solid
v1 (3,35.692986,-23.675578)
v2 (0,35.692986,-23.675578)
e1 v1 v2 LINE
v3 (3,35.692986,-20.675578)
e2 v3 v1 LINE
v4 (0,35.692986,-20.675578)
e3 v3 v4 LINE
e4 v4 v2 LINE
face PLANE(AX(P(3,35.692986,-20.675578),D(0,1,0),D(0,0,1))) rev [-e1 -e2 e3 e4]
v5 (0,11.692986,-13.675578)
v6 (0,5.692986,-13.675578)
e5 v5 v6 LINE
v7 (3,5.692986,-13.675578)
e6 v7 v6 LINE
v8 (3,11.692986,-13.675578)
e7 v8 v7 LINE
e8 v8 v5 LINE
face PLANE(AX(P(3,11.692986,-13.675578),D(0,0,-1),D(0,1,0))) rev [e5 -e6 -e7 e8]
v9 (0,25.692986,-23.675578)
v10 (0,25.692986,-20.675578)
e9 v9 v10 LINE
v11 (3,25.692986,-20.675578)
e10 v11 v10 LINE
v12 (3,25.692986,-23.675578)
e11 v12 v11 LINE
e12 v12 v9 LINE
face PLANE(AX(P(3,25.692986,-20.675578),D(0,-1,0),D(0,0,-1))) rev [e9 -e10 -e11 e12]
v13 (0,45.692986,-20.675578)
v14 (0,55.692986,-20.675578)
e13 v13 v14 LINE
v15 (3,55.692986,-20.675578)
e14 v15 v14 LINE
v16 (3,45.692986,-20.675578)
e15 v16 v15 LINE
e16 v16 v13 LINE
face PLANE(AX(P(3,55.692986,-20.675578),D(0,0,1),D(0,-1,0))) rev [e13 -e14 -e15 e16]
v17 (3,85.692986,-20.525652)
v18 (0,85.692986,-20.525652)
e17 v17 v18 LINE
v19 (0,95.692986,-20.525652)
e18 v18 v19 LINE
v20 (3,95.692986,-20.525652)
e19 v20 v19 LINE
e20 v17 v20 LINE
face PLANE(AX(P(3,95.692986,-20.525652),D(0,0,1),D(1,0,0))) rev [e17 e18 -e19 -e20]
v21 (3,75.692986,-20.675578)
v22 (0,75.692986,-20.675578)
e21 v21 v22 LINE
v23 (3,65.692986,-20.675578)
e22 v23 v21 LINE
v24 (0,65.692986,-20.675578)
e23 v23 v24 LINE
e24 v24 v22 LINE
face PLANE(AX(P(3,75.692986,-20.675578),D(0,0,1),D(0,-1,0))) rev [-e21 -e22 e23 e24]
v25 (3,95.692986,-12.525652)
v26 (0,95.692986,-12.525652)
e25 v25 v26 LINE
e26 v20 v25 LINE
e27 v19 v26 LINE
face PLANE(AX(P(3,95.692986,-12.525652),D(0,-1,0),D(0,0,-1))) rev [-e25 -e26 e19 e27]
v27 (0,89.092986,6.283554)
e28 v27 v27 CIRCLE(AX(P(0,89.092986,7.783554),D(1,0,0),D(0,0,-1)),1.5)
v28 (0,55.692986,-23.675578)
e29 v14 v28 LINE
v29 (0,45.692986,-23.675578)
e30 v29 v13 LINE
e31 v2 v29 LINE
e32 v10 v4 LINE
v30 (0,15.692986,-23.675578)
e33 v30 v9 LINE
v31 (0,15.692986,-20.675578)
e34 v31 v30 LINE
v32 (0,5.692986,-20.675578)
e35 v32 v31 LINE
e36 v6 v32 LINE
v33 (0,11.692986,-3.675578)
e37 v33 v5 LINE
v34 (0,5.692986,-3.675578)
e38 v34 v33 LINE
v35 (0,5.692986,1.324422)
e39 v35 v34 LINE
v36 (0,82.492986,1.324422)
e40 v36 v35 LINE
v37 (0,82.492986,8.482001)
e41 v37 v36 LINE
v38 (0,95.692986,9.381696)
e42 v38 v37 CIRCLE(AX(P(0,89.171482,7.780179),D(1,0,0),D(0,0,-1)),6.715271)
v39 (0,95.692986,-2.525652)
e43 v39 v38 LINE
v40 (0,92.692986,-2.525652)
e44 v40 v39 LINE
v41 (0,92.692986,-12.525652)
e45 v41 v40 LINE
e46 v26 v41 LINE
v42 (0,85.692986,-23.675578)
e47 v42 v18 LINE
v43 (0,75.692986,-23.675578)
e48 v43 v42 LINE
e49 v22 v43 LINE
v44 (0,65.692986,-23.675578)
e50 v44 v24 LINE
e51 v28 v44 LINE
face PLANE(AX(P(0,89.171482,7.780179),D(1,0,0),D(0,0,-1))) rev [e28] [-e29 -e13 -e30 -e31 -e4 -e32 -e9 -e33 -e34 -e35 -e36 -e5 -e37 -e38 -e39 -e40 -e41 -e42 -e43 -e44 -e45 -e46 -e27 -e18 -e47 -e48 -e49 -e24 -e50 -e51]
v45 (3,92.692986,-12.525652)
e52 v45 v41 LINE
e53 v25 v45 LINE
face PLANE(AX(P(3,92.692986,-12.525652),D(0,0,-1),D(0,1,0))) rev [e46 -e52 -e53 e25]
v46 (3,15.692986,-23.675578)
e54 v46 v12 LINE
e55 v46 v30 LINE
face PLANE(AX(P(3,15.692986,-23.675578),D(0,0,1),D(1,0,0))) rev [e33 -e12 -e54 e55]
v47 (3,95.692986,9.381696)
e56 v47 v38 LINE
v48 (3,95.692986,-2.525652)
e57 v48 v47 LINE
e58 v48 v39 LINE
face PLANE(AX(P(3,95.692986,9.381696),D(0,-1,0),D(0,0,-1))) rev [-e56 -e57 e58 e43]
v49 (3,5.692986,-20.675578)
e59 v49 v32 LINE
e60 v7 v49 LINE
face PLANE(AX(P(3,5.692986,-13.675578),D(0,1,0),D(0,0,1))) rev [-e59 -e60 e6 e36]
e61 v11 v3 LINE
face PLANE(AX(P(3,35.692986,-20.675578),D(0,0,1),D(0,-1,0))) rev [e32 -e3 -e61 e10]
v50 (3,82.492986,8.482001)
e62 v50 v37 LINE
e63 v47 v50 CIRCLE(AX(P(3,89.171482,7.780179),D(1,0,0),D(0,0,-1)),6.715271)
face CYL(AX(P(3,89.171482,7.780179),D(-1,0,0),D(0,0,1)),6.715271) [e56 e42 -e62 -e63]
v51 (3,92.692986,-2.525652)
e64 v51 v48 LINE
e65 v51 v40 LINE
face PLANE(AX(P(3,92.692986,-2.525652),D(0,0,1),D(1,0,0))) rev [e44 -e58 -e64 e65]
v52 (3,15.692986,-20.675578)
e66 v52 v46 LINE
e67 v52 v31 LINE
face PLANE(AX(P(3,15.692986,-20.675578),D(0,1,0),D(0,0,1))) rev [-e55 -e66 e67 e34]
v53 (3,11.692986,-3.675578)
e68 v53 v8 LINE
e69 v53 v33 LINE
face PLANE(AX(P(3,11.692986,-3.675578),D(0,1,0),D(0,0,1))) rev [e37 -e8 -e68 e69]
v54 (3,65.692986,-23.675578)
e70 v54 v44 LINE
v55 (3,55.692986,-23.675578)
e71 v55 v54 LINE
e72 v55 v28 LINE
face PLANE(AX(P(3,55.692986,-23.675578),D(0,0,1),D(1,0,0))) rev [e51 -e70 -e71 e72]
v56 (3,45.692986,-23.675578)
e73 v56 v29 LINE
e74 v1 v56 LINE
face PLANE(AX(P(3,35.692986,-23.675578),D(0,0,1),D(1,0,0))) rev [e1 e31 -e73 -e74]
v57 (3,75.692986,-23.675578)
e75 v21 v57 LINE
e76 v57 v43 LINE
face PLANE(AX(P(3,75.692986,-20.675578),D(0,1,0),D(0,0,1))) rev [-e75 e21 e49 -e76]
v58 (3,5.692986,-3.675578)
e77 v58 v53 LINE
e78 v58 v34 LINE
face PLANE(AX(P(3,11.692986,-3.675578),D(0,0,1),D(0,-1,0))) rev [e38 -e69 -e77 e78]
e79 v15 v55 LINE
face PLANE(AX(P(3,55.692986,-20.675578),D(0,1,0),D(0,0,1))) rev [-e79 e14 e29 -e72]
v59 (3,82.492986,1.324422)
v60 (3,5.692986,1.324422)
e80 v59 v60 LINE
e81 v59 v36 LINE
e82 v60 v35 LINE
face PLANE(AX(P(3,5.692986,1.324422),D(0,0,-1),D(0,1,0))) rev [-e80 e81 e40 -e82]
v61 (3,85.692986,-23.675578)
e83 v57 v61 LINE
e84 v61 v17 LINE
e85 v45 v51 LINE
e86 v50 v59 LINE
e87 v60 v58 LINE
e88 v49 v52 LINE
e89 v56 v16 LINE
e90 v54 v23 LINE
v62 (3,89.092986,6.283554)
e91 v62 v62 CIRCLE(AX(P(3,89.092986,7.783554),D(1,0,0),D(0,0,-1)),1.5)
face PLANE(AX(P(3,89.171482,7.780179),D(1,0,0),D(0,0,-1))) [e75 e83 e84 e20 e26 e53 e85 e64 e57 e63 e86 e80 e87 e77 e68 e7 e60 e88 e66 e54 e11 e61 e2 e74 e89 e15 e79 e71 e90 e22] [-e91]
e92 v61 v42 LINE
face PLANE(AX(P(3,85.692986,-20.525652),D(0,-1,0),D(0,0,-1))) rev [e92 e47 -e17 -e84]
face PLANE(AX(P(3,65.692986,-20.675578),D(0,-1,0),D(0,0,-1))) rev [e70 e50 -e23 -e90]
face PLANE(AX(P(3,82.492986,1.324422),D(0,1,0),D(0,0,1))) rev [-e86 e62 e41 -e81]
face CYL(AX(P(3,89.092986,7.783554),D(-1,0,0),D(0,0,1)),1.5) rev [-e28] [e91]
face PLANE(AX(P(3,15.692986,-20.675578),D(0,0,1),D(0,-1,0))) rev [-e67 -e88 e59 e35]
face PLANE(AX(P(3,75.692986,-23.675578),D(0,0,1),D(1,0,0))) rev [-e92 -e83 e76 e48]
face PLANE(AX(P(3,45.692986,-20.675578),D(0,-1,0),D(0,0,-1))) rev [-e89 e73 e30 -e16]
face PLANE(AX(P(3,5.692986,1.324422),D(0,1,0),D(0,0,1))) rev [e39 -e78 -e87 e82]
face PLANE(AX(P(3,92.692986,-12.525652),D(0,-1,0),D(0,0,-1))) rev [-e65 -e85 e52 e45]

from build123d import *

# Parameters (mm, degrees)
SKETCH1_R           = 1.5
BOSS_EXTRUDE1_DEPTH = 3


with BuildPart() as part:
    # Sketch1 → Boss-Extrude1 (new body)
    with BuildSketch(Plane(origin=(0, 0, 0), x_dir=(0, 0, -1), z_dir=(1, 0, 0))):
        with BuildLine():
            Line((-9.38169605, 95.692985903), (-1.06418499, 95.692985903))
            Line((-1.06418499, 95.692985903), (2.525652309, 95.692985903))
            Line((2.525652309, 95.692985903), (2.525652309, 92.692985903))
            Line((2.525652309, 92.692985903), (12.525652309, 92.692985903))
            Line((12.525652309, 92.692985903), (12.525652309, 95.692985903))
            Line((12.525652309, 95.692985903), (20.525652309, 95.692985903))
            Line((20.525652309, 95.692985903), (20.525652309, 85.692985903))
            Line((20.525652309, 85.692985903), (23.675577753, 85.692985903))
            Line((23.675577753, 85.692985903), (23.675577753, 75.692985903))
            Line((23.675577753, 75.692985903), (20.675577753, 75.692985903))
            Line((20.675577753, 75.692985903), (20.675577753, 65.692985903))
            Line((20.675577753, 65.692985903), (23.675577753, 65.692985903))
            Line((23.675577753, 65.692985903), (23.675577753, 55.692985903))
            Line((23.675577753, 55.692985903), (20.675577753, 55.692985903))
            Line((20.675577753, 55.692985903), (20.675577753, 45.692985903))
            Line((20.675577753, 45.692985903), (23.675577753, 45.692985903))
            Line((23.675577753, 45.692985903), (23.675577753, 35.692985903))
            Line((23.675577753, 35.692985903), (20.675577753, 35.692985903))
            Line((20.675577753, 35.692985903), (20.675577753, 25.692985903))
            Line((20.675577753, 25.692985903), (23.675577753, 25.692985903))
            Line((23.675577753, 25.692985903), (23.675577753, 15.692985903))
            Line((23.675577753, 15.692985903), (20.675577753, 15.692985903))
            Line((20.675577753, 15.692985903), (20.675577753, 5.692985903))
            Line((20.675577753, 5.692985903), (13.675577753, 5.692985903))
            Line((13.675577753, 5.692985903), (13.675577753, 11.692985903))
            Line((13.675577753, 11.692985903), (3.675577753, 11.692985903))
            Line((3.675577753, 11.692985903), (3.675577753, 5.692985903))
            Line((3.675577753, 5.692985903), (-1.324422247, 5.692985903))
            Line((-1.324422247, 5.692985903), (-1.324422247, 82.492985903))
            Line((-1.324422247, 82.492985903), (-8.482000981, 82.492985903))
            ThreePointArc((-8.482000981, 82.492985903), (-14.479905975, 88.714837423), (-9.38169605, 95.692985903))
        make_face()
        with Locations((-7.783554384, 89.092985903)):
            Circle(SKETCH1_R, mode=Mode.SUBTRACT)
    extrude(amount=BOSS_EXTRUDE1_DEPTH)


solid = part.part
